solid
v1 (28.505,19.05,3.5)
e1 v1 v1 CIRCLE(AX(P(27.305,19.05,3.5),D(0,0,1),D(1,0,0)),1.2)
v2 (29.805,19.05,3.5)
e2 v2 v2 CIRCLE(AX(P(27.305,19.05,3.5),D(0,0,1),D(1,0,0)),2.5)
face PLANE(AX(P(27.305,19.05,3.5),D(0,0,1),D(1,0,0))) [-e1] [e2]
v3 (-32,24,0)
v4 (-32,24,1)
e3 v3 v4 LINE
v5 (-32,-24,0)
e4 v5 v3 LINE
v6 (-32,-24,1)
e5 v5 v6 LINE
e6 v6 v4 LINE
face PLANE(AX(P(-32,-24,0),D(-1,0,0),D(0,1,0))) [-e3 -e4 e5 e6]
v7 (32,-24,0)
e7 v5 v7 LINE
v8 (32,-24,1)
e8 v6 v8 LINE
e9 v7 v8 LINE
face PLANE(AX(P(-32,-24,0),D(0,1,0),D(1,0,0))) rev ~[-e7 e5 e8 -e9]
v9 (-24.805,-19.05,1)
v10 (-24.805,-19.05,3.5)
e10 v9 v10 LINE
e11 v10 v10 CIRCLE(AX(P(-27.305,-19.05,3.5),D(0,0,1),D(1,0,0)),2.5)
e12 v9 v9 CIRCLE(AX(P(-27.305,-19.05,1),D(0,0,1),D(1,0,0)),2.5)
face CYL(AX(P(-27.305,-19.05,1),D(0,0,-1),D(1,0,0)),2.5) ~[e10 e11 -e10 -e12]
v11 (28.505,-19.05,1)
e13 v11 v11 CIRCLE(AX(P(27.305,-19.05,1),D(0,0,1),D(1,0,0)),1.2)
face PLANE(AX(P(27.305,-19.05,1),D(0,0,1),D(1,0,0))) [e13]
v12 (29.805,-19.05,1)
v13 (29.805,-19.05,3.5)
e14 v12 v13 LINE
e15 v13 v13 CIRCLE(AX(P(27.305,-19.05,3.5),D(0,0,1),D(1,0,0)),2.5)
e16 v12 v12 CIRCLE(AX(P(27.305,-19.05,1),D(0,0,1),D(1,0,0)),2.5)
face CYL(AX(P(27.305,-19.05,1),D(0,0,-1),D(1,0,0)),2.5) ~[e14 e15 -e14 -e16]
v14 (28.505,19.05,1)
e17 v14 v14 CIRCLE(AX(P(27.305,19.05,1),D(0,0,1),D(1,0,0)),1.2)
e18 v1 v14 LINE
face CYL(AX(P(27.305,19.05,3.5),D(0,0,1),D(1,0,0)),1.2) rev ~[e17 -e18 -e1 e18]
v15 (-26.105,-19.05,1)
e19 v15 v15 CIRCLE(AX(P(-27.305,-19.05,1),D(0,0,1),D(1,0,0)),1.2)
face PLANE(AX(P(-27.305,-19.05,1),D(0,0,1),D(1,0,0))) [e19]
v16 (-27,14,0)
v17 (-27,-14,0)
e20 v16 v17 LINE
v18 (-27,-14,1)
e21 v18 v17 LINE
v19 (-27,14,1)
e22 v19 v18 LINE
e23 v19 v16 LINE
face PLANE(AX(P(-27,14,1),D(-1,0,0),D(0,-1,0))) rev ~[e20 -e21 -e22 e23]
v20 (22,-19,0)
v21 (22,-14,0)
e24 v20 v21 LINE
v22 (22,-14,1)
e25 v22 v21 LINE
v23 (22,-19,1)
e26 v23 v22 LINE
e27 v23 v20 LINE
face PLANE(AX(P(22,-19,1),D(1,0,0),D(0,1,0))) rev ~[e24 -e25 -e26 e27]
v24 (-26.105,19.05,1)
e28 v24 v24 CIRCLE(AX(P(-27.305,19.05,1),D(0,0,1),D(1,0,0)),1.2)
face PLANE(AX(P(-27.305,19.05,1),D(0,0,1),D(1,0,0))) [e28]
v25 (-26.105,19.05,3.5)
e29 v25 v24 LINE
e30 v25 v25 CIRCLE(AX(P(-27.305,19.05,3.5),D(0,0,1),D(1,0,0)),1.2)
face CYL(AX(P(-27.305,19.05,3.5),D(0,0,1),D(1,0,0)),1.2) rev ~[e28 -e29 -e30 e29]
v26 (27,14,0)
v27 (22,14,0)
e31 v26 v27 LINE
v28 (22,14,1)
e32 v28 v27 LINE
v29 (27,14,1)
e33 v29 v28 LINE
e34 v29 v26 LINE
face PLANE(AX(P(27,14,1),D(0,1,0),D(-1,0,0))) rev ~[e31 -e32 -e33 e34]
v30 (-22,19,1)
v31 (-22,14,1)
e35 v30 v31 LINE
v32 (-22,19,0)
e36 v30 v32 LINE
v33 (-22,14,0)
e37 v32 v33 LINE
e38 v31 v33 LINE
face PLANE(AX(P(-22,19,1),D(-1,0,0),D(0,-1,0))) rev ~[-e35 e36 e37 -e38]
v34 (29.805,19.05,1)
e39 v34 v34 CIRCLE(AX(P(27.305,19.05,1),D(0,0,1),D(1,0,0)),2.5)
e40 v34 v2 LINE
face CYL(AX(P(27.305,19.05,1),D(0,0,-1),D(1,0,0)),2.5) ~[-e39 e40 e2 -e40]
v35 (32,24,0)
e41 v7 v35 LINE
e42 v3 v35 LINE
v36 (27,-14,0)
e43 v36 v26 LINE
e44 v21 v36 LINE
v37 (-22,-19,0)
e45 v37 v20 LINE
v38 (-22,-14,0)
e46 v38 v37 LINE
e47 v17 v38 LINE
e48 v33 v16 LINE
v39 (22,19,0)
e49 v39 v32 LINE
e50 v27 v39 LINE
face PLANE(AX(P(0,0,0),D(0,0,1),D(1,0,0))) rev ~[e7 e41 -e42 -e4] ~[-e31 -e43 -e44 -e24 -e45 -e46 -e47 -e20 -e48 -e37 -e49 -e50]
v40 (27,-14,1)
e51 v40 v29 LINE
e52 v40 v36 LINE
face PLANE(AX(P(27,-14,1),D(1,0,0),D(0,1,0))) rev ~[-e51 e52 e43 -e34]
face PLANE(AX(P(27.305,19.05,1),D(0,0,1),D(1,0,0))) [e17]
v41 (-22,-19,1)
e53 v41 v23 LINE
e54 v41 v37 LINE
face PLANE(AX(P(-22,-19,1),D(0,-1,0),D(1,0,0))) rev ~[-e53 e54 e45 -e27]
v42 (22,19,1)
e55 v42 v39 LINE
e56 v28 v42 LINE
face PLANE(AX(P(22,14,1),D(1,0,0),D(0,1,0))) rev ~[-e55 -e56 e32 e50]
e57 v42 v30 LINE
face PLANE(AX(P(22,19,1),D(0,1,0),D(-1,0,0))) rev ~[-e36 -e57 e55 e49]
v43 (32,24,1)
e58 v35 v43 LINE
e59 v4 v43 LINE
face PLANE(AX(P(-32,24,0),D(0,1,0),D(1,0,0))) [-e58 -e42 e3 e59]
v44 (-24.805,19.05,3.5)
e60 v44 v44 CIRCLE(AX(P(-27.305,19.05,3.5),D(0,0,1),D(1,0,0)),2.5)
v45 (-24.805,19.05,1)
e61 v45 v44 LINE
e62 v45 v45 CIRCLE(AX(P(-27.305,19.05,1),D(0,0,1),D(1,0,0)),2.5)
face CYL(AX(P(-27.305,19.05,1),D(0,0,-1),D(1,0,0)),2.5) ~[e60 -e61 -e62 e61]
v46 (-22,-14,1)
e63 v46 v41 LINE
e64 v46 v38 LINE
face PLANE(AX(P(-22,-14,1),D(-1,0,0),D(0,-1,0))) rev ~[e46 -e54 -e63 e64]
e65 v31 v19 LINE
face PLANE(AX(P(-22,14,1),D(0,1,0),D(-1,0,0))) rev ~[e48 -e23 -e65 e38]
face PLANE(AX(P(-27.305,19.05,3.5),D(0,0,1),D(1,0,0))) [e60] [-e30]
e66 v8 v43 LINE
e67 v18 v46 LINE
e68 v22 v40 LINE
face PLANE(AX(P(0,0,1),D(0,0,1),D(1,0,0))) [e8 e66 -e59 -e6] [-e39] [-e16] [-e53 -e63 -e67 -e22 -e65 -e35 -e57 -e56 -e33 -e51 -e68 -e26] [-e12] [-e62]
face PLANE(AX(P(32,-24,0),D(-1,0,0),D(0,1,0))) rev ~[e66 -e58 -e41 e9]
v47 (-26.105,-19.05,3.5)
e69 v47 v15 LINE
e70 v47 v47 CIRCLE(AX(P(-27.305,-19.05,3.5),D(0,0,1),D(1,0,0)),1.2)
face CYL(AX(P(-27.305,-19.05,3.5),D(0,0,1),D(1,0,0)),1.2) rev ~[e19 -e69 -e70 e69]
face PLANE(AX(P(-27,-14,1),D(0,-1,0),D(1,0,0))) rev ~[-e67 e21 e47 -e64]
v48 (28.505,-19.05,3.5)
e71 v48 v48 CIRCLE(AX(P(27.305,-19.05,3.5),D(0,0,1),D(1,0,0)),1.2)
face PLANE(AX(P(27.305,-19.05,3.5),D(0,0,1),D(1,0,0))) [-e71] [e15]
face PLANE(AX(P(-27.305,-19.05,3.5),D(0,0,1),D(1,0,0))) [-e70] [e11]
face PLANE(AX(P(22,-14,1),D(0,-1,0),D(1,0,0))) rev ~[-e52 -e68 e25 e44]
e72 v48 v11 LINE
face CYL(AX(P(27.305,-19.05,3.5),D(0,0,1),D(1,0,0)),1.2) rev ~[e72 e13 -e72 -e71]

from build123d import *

# Parameters (mm, degrees)
SKETCH_W        = 64
SKETCH_H        = 48
PAD_DEPTH       = 1
POCKET_DEPTH    = 1.001
SKETCH002_R     = 2.5
PAD001_DEPTH    = 2.5
SKETCH003_R     = 1.2
POCKET001_DEPTH = 2.5


with BuildPart() as part:
    # Sketch → Pad (new body)
    with BuildSketch(Plane.XY):
        Rectangle(SKETCH_W, SKETCH_H)
    extrude(amount=PAD_DEPTH)

    # Sketch001 → Pocket (cut, through all)
    with BuildSketch(Plane.XY.offset(1)):
        Polygon((-27, 14), (-27, -14), (-22, -14), (-22, -19), (22, -19), (22, -14), (27, -14), (27, 14), (22, 14), (22, 19), (-22, 19), (-22, 14), align=None)
    extrude(amount=-POCKET_DEPTH, mode=Mode.SUBTRACT)

    # Sketch002 → Pad001 (new body)
    with BuildSketch(Plane.XY.offset(1)):
        with Locations((-27.305, 19.05)):
            Circle(SKETCH002_R)
        with Locations((-27.305, -19.05)):
            Circle(SKETCH002_R)
        with Locations((27.305, 19.05)):
            Circle(SKETCH002_R)
        with Locations((27.305, -19.05)):
            Circle(SKETCH002_R)
    extrude(amount=PAD001_DEPTH)

    # Sketch003 → Pocket001 (cut)
    with BuildSketch(Plane.XY.offset(3.5)):
        with Locations((27.305, 19.05)):
            Circle(SKETCH003_R)
        with Locations((-27.305, -19.05)):
            Circle(SKETCH003_R)
        with Locations((27.305, -19.05)):
            Circle(SKETCH003_R)
        with Locations((-27.305, 19.05)):
            Circle(SKETCH003_R)
    extrude(amount=-POCKET001_DEPTH, mode=Mode.SUBTRACT)


solid = part.part
